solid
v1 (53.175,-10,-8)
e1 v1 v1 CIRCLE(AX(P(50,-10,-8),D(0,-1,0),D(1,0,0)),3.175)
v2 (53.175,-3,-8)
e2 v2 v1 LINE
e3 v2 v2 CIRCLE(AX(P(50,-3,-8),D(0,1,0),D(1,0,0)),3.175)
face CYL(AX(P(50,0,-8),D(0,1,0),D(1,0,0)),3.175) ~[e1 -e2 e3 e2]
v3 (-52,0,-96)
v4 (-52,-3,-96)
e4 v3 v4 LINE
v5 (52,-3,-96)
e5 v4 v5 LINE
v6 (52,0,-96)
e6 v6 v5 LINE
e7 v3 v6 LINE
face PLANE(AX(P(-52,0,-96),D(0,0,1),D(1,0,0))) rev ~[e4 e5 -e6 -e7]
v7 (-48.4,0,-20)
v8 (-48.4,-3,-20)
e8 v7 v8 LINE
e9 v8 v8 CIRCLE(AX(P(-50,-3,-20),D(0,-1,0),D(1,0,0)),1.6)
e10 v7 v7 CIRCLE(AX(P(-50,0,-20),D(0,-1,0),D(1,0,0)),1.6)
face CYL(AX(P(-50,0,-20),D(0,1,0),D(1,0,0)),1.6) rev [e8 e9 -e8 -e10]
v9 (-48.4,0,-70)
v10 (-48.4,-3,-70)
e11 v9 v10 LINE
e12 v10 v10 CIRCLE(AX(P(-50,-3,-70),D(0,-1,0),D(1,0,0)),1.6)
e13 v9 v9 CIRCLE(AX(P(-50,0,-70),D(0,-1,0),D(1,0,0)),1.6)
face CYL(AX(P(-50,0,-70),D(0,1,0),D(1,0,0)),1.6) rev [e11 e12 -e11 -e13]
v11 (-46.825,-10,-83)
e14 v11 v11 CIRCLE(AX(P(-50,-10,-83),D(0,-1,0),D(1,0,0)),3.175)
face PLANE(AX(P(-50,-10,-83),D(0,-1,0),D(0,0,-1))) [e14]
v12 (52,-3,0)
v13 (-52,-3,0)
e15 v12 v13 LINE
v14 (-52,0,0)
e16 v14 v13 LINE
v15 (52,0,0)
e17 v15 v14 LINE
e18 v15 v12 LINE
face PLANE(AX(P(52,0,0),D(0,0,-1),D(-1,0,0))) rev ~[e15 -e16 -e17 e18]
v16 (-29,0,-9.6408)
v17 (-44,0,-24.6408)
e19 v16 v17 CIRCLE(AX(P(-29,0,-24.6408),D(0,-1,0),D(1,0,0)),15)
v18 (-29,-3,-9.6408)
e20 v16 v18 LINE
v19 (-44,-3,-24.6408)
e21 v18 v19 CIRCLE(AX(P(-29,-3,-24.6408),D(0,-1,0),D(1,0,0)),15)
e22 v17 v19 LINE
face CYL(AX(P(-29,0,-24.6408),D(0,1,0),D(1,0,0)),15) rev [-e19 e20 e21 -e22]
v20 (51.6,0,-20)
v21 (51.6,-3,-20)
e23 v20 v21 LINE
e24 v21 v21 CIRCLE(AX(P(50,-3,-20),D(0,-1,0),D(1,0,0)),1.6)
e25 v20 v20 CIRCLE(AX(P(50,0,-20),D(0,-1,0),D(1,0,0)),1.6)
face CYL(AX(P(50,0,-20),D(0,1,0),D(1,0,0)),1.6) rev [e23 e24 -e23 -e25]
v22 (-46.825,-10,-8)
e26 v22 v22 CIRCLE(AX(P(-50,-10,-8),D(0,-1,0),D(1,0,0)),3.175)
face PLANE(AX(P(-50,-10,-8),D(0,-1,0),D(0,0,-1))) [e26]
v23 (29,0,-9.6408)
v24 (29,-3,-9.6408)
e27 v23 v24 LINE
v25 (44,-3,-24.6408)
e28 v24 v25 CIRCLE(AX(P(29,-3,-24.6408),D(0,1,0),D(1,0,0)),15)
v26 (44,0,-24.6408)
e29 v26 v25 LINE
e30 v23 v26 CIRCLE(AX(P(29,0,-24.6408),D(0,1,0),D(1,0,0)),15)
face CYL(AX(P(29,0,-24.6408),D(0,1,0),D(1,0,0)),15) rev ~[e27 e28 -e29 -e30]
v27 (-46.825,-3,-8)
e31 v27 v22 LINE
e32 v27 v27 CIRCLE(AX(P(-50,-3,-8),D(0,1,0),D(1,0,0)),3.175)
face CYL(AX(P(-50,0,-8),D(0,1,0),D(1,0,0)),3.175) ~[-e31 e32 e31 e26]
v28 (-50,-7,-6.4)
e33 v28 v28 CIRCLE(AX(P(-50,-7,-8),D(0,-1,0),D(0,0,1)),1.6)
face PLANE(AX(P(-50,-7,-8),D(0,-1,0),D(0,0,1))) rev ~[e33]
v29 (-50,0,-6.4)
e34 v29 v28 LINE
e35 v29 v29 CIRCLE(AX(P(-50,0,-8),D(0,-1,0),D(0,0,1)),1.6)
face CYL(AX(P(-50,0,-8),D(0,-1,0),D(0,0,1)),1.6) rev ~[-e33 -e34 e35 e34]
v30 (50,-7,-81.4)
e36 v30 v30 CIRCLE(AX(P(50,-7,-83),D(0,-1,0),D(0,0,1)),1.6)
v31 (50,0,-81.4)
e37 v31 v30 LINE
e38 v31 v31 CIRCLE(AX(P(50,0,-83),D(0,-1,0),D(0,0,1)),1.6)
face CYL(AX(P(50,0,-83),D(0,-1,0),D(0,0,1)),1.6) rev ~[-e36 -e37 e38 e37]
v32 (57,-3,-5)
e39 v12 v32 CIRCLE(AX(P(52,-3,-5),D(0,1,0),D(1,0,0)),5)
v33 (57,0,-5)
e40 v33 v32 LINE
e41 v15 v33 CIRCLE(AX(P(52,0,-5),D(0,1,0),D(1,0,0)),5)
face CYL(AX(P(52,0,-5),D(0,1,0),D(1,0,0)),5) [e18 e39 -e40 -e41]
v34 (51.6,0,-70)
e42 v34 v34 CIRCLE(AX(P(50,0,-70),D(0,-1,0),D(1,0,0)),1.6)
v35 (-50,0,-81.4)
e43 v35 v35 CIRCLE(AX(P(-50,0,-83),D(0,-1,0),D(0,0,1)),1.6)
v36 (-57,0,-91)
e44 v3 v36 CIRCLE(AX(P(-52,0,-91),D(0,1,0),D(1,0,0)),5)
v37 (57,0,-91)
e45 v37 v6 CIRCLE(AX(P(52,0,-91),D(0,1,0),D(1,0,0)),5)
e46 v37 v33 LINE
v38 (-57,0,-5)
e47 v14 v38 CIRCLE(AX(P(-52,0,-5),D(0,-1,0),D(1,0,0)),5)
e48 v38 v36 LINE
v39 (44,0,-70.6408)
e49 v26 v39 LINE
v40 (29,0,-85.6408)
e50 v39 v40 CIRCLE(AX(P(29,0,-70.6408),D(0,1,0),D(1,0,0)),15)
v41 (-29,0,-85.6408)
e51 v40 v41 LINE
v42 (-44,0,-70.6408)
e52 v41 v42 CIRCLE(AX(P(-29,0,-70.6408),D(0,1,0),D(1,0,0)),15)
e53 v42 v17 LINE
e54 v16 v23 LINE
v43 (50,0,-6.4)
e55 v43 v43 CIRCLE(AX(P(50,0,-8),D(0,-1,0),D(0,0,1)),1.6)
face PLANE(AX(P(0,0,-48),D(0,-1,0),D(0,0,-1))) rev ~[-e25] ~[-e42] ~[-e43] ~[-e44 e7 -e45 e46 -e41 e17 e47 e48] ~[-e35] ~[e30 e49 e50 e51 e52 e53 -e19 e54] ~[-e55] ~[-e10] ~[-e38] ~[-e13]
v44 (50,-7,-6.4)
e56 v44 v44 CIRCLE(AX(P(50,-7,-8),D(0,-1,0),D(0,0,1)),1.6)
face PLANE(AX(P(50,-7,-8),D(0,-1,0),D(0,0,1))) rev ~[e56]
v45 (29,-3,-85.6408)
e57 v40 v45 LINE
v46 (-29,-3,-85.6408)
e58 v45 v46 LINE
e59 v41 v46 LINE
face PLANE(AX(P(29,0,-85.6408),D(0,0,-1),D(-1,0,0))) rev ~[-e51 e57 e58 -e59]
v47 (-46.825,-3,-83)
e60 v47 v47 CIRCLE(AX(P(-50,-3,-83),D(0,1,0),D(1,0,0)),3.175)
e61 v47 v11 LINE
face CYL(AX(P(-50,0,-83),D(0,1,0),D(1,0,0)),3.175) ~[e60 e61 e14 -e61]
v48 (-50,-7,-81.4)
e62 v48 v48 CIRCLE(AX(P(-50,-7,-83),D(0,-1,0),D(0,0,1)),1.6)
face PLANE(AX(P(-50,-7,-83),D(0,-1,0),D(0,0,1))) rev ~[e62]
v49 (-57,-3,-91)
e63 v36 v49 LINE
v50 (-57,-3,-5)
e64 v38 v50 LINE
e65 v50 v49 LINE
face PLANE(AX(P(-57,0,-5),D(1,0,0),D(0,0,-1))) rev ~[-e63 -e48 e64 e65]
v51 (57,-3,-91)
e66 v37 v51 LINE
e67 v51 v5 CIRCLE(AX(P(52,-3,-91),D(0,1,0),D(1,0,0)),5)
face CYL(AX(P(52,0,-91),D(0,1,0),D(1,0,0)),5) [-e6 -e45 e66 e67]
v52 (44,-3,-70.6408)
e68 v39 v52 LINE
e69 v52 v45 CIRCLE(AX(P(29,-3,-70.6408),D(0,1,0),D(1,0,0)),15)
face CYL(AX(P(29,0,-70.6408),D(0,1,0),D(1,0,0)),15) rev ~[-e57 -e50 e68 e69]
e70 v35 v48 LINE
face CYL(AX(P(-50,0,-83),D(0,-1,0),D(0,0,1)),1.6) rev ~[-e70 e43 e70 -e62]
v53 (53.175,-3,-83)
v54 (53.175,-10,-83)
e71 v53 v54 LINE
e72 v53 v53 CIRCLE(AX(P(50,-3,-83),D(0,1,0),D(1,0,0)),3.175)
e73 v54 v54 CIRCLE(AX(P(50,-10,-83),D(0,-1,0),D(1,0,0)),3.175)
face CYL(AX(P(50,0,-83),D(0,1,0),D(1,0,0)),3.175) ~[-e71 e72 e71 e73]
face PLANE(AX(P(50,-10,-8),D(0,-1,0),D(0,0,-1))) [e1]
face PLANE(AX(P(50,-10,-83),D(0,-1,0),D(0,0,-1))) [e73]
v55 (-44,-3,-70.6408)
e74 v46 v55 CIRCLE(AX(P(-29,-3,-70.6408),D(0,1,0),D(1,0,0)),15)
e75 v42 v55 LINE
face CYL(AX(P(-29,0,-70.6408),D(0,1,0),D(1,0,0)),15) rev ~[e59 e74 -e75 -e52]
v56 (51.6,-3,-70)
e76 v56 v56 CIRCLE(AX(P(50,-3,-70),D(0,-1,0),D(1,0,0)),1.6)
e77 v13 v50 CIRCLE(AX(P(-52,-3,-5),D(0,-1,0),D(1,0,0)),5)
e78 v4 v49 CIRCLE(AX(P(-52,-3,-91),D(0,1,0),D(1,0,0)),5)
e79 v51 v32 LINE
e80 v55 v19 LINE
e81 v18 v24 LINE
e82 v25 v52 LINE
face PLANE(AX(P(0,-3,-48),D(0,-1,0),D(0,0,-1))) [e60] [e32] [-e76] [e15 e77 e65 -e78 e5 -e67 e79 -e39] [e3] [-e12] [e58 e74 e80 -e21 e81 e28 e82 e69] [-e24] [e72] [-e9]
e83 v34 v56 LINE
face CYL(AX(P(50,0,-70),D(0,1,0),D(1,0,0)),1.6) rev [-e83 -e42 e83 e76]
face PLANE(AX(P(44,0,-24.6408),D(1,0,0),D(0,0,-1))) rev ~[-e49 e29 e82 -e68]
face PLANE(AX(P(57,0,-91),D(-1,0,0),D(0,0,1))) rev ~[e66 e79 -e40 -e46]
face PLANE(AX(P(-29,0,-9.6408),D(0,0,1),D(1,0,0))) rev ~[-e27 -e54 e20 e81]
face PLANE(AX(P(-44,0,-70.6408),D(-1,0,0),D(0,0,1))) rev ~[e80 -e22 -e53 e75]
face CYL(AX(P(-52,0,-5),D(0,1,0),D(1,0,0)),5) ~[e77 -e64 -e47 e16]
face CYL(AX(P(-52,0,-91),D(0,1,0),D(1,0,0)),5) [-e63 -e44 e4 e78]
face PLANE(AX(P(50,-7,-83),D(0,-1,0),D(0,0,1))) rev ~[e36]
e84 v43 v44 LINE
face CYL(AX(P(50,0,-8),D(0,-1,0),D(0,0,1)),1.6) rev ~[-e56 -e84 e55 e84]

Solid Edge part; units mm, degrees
sketch "Sketch1" plane through (0, 0, 0) normal (0, -1, 0) x (1, 0, 0)
  circle A0 centre (-50, -8) radius 1.6
  circle A1 centre (50, -8) radius 1.6
  circle A2 centre (50, -83) radius 1.6
  circle A3 centre (-50, -83) radius 1.6
  arc A4 (-29, -85.6408) -> (-44, -70.6408) centre (-29, -70.6408) cw
  line L0 (-44, -70.6408) -> (-44, -24.6408)
  arc A5 (-29, -9.6408) -> (-44, -24.6408) centre (-29, -24.6408) ccw
  line L1 (-29, -9.6408) -> (29, -9.6408)
  arc A6 (29, -9.6408) -> (44, -24.6408) centre (29, -24.6408) cw
  line L2 (44, -24.6408) -> (44, -70.6408)
  arc A7 (44, -70.6408) -> (29, -85.6408) centre (29, -70.6408) cw
  line L3 (29, -85.6408) -> (-29, -85.6408)
  line L4 (-57, -5) -> (-57, -91)
  arc A8 (-52, -96) -> (-57, -91) centre (-52, -91) cw
  line L5 (-52, -96) -> (52, -96)
  arc A9 (57, -91) -> (52, -96) centre (52, -91) cw
  line L6 (57, -91) -> (57, -5)
  arc A10 (52, 0) -> (57, -5) centre (52, -5) cw
  line L7 (52, 0) -> (-52, 0)
  arc A11 (-52, 0) -> (-57, -5) centre (-52, -5) ccw
  circle A12 centre (-50, -20) radius 1.6
  circle A13 centre (-50, -70) radius 1.6
  circle A14 centre (50, -20) radius 1.6
  circle A15 centre (50, -70) radius 1.6
  dimension "D1" = 86
  dimension "D2" = 13
  dimension "D3" = 104
  dimension "D4" = 5
  dimension "D5" = 5
  dimension "D6" = 5
  dimension "D7" = 5
  dimension "D8" = 7
  dimension "D9" = 15
  dimension "D10" = 15
  dimension "D11" = 15
  dimension "D12" = 15
  dimension "D13" = 88
  dimension "D14" = 76
  dimension "D15" = 10.3592
  dimension "D16" = 44
  dimension "D17" = 50
  dimension "D18" = 50
  dimension "D19" = 44
  dimension "D20" = 8
  dimension "D21" = 40
  dimension "D22" = 50
  dimension "D23" = 100
  dimension "D24" = 50
  dimension "D25" = 12
  dimension "D26" = 6.35
  dimension "D27" = 75
  dimension "D28" = 35
  dimension "D29" = 7
extrude "Protrusion1" add sketch "Sketch1" along normal blind 3
sketch "Sketch2" plane through (0, 0, 0) normal (0, -1, 0) x (1, 0, 0)
  circle A0 centre (50, -8) radius 3.175
  circle A1 centre (-50, -8) radius 3.175
  circle A2 centre (50, -83) radius 3.175
  circle A3 centre (-50, -83) radius 3.175
  dimension "D1" = 86
  dimension "D2" = 13
  dimension "D3" = 104
  dimension "D4" = 5
  dimension "D5" = 5
  dimension "D6" = 5
  dimension "D7" = 5
  dimension "D8" = 7
  dimension "D9" = 15
  dimension "D10" = 15
  dimension "D11" = 15
  dimension "D12" = 15
  dimension "D13" = 88
  dimension "D14" = 76
  dimension "D15" = 10.3592
  dimension "D16" = 44
  dimension "D17" = 50
  dimension "D18" = 50
  dimension "D19" = 44
  dimension "D20" = 8
  dimension "D21" = 40
  dimension "D22" = 50
  dimension "D23" = 100
  dimension "D24" = 50
  dimension "D25" = 12
  dimension "D26" = 6.35
  dimension "D27" = 75
  dimension "D28" = 35
  dimension "D29" = 7
extrude "ExtrudedProtrusion_2" add sketch "Sketch2" along normal blind 10
hole "Hole_5" at (50, 0, -8) direction (0, -1, 0) diameter 3.2 depth 7
hole "Hole1" at (-50, 0, -8) direction (0, -1, 0) diameter 3.2 depth 7
hole "Hole2" at (-50, 0, -83) direction (0, -1, 0) diameter 3.2 depth 7
hole "Hole3" at (50, 0, -83) direction (0, -1, 0) diameter 3.2 depth 7
properties material "ABS Plastic, medium impact"
